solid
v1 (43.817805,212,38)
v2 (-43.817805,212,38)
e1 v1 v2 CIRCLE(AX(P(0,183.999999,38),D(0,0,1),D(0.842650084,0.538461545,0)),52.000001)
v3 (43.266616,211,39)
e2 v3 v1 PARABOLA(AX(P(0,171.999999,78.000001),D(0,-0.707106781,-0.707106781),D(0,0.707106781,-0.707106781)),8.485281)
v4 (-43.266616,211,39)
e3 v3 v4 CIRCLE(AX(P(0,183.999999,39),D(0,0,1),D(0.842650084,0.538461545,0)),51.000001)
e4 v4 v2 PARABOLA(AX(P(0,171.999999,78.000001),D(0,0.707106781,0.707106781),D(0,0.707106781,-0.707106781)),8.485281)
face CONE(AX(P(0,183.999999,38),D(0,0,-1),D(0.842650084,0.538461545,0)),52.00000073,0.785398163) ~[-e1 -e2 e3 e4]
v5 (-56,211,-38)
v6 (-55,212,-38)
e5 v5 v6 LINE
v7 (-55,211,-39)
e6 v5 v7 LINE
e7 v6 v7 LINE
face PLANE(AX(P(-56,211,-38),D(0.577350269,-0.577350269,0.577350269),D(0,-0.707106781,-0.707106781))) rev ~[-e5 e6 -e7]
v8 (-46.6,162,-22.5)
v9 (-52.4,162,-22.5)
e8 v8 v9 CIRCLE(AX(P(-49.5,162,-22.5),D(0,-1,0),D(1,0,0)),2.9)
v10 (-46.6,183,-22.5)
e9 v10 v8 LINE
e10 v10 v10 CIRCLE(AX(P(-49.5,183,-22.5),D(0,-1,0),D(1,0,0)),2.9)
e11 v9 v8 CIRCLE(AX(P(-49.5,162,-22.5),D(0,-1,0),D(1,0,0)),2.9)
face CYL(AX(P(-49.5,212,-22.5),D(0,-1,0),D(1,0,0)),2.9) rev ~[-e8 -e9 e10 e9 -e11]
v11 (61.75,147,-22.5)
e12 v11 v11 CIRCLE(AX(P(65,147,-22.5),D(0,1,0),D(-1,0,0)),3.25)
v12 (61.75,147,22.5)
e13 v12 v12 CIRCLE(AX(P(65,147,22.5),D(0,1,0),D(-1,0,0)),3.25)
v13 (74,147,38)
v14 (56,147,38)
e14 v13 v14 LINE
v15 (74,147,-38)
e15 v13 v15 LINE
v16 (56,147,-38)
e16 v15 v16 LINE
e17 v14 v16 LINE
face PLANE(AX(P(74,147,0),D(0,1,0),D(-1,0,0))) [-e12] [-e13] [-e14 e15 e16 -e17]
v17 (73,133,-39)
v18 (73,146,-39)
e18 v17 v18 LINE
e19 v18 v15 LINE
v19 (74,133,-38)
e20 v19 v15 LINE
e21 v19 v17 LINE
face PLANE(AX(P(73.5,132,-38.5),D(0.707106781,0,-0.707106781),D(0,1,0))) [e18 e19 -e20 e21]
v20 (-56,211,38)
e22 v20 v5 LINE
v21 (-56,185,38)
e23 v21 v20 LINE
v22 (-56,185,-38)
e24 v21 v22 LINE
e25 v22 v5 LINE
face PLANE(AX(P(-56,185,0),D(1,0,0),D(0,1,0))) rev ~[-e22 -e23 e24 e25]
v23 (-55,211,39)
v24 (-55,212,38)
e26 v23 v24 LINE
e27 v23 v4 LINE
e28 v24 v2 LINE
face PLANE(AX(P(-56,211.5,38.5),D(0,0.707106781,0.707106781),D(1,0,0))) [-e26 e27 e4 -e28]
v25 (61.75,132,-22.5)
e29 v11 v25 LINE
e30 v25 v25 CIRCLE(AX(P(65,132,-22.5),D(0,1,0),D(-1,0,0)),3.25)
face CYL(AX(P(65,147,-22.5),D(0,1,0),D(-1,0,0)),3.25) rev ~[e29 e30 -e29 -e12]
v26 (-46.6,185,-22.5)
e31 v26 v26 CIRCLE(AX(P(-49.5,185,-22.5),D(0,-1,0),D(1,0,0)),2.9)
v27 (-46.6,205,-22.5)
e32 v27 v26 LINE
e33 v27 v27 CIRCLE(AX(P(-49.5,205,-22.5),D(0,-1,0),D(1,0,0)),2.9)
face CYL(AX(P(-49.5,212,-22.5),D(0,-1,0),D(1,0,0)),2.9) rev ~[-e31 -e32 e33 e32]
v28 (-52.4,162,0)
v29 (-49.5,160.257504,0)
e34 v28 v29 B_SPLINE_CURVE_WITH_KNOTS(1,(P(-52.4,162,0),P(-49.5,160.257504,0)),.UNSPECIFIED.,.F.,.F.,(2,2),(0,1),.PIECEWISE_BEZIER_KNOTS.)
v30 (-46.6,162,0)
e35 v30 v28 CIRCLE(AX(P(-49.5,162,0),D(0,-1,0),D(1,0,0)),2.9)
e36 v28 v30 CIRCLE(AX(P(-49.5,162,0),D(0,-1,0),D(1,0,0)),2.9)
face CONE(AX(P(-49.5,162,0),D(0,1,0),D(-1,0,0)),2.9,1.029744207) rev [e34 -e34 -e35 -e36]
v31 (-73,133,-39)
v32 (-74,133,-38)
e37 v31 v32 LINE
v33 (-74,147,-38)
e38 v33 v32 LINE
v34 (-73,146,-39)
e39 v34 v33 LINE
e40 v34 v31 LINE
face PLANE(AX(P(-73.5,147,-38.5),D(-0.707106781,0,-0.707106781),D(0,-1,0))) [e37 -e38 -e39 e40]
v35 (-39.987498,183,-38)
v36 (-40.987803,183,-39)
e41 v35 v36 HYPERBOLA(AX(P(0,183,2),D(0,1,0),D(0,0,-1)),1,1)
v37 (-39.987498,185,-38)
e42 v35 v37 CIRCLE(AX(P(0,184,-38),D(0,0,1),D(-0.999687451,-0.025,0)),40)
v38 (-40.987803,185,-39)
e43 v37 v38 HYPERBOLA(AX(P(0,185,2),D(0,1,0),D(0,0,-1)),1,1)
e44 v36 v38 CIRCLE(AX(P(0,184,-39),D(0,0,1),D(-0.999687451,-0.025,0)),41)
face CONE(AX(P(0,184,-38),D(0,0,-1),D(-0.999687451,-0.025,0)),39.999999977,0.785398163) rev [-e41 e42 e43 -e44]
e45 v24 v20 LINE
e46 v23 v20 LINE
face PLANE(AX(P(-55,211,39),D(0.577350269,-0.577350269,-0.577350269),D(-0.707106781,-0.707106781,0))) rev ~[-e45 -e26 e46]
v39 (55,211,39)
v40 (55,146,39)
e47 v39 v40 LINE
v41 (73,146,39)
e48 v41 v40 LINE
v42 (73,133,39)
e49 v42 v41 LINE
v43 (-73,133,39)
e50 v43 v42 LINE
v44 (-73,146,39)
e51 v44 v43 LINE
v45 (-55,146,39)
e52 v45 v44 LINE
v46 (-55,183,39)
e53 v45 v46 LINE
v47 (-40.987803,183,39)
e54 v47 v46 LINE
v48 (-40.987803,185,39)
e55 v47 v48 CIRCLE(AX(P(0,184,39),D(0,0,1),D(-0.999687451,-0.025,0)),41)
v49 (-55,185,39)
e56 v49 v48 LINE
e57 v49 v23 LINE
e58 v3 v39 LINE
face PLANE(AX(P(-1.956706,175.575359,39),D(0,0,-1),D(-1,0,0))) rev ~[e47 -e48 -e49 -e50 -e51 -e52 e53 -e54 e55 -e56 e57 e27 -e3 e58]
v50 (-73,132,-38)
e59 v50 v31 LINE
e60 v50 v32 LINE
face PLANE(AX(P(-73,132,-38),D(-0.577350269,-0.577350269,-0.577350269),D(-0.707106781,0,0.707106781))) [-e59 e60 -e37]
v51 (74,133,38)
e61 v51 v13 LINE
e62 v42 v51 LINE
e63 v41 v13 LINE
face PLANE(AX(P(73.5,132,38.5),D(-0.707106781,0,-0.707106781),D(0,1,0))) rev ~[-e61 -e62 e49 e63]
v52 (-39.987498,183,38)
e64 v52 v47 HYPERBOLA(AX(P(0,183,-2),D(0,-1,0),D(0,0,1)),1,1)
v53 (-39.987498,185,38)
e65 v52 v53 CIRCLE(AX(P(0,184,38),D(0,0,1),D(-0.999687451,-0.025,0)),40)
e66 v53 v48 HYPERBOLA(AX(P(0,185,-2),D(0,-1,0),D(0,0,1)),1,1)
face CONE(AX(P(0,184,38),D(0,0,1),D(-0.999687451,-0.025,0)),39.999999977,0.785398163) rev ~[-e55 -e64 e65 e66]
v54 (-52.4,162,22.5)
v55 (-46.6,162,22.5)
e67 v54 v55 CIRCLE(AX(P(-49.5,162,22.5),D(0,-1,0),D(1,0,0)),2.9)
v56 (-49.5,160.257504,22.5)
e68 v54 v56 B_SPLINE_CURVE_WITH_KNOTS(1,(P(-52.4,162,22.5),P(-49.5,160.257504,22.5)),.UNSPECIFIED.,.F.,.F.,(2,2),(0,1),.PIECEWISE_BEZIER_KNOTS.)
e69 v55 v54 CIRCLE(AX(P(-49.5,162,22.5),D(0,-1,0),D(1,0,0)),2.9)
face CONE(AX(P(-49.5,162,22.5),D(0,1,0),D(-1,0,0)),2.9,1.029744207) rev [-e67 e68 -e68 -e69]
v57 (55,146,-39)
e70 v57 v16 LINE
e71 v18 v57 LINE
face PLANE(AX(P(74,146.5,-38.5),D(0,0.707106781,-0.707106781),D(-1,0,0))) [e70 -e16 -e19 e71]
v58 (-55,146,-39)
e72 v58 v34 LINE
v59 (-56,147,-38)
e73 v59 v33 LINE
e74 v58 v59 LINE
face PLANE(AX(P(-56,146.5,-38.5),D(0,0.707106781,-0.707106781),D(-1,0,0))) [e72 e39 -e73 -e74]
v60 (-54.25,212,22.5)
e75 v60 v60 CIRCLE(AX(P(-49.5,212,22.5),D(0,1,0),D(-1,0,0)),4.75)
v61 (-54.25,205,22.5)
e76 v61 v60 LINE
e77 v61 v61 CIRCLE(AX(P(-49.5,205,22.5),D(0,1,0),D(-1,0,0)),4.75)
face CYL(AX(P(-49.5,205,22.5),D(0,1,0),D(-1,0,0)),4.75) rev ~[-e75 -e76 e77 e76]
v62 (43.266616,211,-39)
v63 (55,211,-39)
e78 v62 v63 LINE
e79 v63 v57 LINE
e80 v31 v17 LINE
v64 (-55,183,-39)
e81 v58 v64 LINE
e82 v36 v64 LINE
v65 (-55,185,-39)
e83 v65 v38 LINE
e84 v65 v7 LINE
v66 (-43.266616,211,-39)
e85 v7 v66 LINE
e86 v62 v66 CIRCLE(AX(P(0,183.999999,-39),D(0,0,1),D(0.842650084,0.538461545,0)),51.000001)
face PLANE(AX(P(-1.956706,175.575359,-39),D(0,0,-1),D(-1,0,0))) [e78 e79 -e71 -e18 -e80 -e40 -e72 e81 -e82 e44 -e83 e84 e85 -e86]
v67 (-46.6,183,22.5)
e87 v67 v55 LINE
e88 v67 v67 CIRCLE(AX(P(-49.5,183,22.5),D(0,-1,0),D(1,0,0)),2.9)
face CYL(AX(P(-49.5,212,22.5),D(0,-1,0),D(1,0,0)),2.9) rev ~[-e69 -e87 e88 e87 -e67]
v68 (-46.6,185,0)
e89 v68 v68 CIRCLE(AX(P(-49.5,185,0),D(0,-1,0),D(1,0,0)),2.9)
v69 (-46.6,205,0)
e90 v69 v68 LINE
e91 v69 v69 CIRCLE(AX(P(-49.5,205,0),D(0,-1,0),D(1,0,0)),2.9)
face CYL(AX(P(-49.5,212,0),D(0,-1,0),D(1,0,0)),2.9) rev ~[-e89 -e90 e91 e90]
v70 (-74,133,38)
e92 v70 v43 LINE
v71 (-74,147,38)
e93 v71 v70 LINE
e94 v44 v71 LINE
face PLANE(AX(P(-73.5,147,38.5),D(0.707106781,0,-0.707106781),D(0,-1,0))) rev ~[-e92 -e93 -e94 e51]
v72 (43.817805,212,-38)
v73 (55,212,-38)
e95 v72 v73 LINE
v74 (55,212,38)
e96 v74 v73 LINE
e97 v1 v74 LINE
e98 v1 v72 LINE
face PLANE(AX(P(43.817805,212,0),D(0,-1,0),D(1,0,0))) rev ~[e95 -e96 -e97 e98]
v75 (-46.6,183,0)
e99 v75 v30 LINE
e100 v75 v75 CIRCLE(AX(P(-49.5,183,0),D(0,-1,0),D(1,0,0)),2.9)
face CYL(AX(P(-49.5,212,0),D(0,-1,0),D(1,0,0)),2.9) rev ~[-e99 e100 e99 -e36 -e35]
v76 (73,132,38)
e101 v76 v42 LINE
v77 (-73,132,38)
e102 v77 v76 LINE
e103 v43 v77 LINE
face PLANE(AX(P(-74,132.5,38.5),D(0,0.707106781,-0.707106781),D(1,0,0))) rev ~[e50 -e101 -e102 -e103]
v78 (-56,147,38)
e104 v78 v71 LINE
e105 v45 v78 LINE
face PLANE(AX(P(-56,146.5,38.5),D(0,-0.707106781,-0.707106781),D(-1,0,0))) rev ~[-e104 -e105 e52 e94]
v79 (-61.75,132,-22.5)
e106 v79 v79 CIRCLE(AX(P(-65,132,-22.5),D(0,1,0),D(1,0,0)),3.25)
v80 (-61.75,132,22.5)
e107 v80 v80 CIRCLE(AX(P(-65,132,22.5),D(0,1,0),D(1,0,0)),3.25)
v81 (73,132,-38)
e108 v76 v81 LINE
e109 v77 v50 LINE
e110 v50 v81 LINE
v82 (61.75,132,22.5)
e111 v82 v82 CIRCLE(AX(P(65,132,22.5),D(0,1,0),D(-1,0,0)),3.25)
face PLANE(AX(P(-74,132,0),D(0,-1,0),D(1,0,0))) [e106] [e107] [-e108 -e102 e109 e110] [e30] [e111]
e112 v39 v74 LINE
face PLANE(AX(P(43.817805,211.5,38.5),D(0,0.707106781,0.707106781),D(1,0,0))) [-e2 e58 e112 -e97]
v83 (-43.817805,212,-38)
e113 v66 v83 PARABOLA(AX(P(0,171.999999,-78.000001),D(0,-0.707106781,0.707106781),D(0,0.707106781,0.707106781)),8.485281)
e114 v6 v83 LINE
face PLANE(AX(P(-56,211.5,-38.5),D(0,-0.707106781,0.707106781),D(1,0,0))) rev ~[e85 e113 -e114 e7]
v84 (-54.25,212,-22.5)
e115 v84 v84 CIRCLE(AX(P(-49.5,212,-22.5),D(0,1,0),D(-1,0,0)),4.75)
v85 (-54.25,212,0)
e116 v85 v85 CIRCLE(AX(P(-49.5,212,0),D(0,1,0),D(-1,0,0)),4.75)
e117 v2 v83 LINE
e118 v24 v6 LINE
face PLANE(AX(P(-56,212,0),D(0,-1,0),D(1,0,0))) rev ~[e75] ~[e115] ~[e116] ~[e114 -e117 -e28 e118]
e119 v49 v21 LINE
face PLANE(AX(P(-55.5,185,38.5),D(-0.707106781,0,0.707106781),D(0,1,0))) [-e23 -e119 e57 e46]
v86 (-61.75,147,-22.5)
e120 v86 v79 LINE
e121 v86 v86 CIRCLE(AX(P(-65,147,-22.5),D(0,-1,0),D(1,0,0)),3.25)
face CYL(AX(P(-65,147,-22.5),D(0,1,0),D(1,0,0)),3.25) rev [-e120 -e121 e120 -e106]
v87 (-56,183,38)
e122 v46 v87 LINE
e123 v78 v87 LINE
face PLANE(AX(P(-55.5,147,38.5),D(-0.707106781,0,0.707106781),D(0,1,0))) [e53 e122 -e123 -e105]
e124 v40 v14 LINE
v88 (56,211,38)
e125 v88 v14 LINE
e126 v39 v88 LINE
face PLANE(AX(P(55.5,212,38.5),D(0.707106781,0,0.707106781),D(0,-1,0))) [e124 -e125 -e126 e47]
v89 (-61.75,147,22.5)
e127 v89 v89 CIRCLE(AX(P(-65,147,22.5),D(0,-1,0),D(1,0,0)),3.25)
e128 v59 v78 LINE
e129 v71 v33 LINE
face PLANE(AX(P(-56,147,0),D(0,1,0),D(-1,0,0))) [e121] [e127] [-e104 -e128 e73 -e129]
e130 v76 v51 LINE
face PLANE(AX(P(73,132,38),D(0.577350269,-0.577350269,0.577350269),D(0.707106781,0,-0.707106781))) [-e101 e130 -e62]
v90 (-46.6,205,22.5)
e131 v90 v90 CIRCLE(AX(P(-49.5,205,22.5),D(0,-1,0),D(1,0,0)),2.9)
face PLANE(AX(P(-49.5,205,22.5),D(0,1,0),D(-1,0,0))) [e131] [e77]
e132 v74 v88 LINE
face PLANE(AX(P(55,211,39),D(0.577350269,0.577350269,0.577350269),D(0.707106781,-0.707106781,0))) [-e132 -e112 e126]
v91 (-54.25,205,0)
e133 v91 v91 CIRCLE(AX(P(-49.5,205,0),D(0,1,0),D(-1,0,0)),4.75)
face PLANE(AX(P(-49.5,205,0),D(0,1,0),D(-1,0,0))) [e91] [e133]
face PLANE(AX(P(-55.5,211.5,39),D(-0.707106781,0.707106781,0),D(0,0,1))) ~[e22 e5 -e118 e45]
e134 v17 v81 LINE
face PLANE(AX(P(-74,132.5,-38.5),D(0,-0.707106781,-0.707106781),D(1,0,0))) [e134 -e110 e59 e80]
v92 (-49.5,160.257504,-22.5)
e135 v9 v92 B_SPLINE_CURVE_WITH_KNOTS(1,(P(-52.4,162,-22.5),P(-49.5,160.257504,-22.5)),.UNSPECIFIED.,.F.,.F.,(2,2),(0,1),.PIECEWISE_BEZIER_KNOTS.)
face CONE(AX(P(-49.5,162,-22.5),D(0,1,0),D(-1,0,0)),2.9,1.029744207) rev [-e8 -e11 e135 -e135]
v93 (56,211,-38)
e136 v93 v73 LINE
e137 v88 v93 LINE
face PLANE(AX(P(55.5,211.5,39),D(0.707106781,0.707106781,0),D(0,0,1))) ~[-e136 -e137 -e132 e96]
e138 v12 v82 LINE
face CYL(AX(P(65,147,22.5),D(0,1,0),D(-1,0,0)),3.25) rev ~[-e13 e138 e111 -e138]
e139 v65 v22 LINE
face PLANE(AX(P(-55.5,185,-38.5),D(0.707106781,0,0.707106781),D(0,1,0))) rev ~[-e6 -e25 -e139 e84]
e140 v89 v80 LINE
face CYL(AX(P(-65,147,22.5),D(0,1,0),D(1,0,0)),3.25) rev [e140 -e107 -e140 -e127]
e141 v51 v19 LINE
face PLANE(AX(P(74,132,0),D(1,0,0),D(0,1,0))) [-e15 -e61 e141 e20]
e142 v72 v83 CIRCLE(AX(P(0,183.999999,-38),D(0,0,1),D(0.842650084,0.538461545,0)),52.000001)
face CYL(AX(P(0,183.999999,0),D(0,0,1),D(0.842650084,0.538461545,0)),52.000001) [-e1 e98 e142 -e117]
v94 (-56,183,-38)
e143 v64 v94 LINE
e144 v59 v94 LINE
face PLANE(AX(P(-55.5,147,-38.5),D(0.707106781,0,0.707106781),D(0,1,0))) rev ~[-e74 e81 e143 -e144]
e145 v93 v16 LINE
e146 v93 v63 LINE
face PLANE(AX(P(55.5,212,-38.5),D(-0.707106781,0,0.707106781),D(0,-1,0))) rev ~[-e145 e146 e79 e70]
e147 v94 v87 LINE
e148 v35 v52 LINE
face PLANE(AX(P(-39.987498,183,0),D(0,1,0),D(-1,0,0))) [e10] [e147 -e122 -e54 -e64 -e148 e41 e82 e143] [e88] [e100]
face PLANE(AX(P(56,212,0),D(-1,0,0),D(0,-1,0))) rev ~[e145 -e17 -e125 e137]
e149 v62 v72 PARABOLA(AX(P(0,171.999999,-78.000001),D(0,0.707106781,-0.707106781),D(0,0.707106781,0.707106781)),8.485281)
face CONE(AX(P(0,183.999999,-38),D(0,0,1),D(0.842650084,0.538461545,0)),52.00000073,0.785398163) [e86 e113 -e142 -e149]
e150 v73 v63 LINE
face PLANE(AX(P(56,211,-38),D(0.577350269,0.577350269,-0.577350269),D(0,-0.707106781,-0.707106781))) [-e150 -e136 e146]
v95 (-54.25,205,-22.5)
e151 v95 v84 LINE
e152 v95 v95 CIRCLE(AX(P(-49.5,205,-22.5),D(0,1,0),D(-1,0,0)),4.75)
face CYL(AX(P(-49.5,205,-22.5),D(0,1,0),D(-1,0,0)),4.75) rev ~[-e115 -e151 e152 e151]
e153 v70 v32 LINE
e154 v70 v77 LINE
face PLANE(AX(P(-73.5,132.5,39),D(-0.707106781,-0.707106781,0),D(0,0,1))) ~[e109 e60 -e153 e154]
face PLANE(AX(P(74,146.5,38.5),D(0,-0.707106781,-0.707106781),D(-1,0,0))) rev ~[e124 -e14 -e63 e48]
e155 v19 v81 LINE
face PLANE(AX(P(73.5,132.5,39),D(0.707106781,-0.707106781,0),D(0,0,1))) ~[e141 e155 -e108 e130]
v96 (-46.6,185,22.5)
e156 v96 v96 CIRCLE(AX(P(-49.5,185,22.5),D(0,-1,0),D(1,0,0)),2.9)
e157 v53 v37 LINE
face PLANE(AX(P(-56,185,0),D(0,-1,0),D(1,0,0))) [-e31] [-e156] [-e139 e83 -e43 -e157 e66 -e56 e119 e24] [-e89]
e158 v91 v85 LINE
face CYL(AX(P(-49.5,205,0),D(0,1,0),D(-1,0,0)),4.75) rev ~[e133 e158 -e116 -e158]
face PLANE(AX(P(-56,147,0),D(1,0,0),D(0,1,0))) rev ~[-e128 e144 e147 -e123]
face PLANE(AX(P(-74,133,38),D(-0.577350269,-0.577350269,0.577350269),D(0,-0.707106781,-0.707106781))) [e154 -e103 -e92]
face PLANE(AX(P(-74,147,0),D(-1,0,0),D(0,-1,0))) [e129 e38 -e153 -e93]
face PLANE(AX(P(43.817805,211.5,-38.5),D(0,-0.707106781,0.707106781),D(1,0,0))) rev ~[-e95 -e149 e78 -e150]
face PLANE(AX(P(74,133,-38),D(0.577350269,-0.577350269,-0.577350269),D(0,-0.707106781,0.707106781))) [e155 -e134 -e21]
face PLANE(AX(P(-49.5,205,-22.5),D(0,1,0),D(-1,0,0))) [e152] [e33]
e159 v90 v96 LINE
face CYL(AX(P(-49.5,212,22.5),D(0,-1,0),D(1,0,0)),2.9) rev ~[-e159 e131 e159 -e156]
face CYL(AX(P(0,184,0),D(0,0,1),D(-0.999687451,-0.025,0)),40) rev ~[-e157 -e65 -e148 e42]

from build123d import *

# Parameters (mm, degrees)
PAD013_DEPTH            = 39
HOLE004_D               = 5.8
HOLE004_DEPTH           = 50
HOLE004_CBORE_D         = 9.5
HOLE004_CBORE_DEPTH     = 7
HOLE004_TIPS_R          = 2.9
CHAMFER003_SIZE         = 1
SKETCH021_R             = 3.25
POCKET003_DEPTH         = 408.975618
BODY005_PLACEMENT_ANGLE = 270


with BuildPart() as part:
    # Sketch019 → Pad013 (new body, symmetric)
    with BuildSketch(Plane.XZ):
        with BuildLine():
            ThreePointArc((-39.987498, -1), (40, 0), (-39.987498, 1))
            Line((-56, 1), (-39.987498, 1))
            Line((-56, 1), (-56, 28))
            Line((-56, 28), (-43.817805, 28))
            ThreePointArc((43.817805, 28), (0, 52), (-43.817805, 28))
            Line((43.817805, 28), (56, 28))
            Line((56, 28), (56, -37))
            Line((74, -37), (56, -37))
            Line((74, -52), (74, -37))
            Line((-74, -52), (74, -52))
            Line((-74, -37), (-74, -52))
            Line((-56, -37), (-74, -37))
            Line((-56, -37), (-56, -1))
            Line((-39.987498, -1), (-56, -1))
        make_face()
    extrude(amount=PAD013_DEPTH, both=True)

    # Hole004
    with Locations(Plane(origin=(0, 0, 28), x_dir=(-1, 0, 0), z_dir=(0, 0, 1))):
        with Locations((49.5, 22.5), (49.5, 0), (49.5, -22.5)):
            CounterBoreHole(HOLE004_D / 2, HOLE004_CBORE_D / 2, HOLE004_CBORE_DEPTH, depth=HOLE004_DEPTH)

    # Hole004 tips → Hole004 tip 1 section 0
    with BuildSketch(Plane(origin=(0, 0, -22), x_dir=(-1, 0, 0), z_dir=(0, 0, 1)), mode=Mode.PRIVATE) as hole004_tip_1_s0:
        with Locations((49.5, 22.5)):
            Circle(HOLE004_TIPS_R)
    loft([hole004_tip_1_s0.sketch, Vertex(-49.5, -22.5, -23.742496)], mode=Mode.SUBTRACT)

    # Hole004 tips → Hole004 tip 2 section 0
    with BuildSketch(Plane(origin=(0, 0, -22), x_dir=(-1, 0, 0), z_dir=(0, 0, 1)), mode=Mode.PRIVATE) as hole004_tip_2_s0:
        with Locations((49.5, 0)):
            Circle(HOLE004_TIPS_R)
    loft([hole004_tip_2_s0.sketch, Vertex(-49.5, 0, -23.742496)], mode=Mode.SUBTRACT)

    # Hole004 tips → Hole004 tip 3 section 0
    with BuildSketch(Plane(origin=(0, 0, -22), x_dir=(-1, 0, 0), z_dir=(0, 0, 1)), mode=Mode.PRIVATE) as hole004_tip_3_s0:
        with Locations((49.5, -22.5)):
            Circle(HOLE004_TIPS_R)
    loft([hole004_tip_3_s0.sketch, Vertex(-49.5, 22.5, -23.742496)], mode=Mode.SUBTRACT)

    # Chamfer003
    chamfer003_edges = [part.edges().sort_by_distance(p)[0] for p in [
        (40, 39, 0),
        (0, 39, 52),
        (-49.908902, 39, 28),
        (-56, 0, 28),
        (49.908902, 39, 28),
        (56, 0, 28),
        (-56, 39, 14.5),
        (-56, 39, -19),
        (-65, 39, -37),
        (-74, 39, -44.5),
        (0, 39, -52),
        (74, 39, -44.5),
        (65, 39, -37),
        (56, 39, -4.5),
        (40, -39, 0),
        (0, -39, 52),
        (-49.908902, -39, 28),
        (49.908902, -39, 28),
        (56, -39, -4.5),
        (65, -39, -37),
        (74, -39, -44.5),
        (0, -39, -52),
        (-74, -39, -44.5),
        (-65, -39, -37),
        (-56, -39, -19),
        (-56, -39, 14.5),
        (-74, 0, -52),
        (74, 0, -52),
    ]]
    chamfer(chamfer003_edges, length=CHAMFER003_SIZE)

    # Sketch021 (on Face54 of Chamfer003) → Pocket003 (cut, through all)
    with BuildSketch(Plane(origin=(0, 0, -37), x_dir=(-1, 0, 0), z_dir=(0, 0, 1))):
        with Locations((-65, 22.5)):
            Circle(SKETCH021_R)
        with Locations((-65, -22.5)):
            Circle(SKETCH021_R)
    pocket003 = extrude(amount=-POCKET003_DEPTH, mode=Mode.SUBTRACT)

    # Mirrored002: Pocket003 across YZ
    add(pocket003.mirror(Plane.YZ), mode=Mode.SUBTRACT)


with BuildPart() as part_1:
    # Body005 placement: moved
    add(part.part.moved(Location((0, 184, 0))).rotate(Axis((0, 184, 0), (1, 0, 0)), BODY005_PLACEMENT_ANGLE))


solid = part_1.part
